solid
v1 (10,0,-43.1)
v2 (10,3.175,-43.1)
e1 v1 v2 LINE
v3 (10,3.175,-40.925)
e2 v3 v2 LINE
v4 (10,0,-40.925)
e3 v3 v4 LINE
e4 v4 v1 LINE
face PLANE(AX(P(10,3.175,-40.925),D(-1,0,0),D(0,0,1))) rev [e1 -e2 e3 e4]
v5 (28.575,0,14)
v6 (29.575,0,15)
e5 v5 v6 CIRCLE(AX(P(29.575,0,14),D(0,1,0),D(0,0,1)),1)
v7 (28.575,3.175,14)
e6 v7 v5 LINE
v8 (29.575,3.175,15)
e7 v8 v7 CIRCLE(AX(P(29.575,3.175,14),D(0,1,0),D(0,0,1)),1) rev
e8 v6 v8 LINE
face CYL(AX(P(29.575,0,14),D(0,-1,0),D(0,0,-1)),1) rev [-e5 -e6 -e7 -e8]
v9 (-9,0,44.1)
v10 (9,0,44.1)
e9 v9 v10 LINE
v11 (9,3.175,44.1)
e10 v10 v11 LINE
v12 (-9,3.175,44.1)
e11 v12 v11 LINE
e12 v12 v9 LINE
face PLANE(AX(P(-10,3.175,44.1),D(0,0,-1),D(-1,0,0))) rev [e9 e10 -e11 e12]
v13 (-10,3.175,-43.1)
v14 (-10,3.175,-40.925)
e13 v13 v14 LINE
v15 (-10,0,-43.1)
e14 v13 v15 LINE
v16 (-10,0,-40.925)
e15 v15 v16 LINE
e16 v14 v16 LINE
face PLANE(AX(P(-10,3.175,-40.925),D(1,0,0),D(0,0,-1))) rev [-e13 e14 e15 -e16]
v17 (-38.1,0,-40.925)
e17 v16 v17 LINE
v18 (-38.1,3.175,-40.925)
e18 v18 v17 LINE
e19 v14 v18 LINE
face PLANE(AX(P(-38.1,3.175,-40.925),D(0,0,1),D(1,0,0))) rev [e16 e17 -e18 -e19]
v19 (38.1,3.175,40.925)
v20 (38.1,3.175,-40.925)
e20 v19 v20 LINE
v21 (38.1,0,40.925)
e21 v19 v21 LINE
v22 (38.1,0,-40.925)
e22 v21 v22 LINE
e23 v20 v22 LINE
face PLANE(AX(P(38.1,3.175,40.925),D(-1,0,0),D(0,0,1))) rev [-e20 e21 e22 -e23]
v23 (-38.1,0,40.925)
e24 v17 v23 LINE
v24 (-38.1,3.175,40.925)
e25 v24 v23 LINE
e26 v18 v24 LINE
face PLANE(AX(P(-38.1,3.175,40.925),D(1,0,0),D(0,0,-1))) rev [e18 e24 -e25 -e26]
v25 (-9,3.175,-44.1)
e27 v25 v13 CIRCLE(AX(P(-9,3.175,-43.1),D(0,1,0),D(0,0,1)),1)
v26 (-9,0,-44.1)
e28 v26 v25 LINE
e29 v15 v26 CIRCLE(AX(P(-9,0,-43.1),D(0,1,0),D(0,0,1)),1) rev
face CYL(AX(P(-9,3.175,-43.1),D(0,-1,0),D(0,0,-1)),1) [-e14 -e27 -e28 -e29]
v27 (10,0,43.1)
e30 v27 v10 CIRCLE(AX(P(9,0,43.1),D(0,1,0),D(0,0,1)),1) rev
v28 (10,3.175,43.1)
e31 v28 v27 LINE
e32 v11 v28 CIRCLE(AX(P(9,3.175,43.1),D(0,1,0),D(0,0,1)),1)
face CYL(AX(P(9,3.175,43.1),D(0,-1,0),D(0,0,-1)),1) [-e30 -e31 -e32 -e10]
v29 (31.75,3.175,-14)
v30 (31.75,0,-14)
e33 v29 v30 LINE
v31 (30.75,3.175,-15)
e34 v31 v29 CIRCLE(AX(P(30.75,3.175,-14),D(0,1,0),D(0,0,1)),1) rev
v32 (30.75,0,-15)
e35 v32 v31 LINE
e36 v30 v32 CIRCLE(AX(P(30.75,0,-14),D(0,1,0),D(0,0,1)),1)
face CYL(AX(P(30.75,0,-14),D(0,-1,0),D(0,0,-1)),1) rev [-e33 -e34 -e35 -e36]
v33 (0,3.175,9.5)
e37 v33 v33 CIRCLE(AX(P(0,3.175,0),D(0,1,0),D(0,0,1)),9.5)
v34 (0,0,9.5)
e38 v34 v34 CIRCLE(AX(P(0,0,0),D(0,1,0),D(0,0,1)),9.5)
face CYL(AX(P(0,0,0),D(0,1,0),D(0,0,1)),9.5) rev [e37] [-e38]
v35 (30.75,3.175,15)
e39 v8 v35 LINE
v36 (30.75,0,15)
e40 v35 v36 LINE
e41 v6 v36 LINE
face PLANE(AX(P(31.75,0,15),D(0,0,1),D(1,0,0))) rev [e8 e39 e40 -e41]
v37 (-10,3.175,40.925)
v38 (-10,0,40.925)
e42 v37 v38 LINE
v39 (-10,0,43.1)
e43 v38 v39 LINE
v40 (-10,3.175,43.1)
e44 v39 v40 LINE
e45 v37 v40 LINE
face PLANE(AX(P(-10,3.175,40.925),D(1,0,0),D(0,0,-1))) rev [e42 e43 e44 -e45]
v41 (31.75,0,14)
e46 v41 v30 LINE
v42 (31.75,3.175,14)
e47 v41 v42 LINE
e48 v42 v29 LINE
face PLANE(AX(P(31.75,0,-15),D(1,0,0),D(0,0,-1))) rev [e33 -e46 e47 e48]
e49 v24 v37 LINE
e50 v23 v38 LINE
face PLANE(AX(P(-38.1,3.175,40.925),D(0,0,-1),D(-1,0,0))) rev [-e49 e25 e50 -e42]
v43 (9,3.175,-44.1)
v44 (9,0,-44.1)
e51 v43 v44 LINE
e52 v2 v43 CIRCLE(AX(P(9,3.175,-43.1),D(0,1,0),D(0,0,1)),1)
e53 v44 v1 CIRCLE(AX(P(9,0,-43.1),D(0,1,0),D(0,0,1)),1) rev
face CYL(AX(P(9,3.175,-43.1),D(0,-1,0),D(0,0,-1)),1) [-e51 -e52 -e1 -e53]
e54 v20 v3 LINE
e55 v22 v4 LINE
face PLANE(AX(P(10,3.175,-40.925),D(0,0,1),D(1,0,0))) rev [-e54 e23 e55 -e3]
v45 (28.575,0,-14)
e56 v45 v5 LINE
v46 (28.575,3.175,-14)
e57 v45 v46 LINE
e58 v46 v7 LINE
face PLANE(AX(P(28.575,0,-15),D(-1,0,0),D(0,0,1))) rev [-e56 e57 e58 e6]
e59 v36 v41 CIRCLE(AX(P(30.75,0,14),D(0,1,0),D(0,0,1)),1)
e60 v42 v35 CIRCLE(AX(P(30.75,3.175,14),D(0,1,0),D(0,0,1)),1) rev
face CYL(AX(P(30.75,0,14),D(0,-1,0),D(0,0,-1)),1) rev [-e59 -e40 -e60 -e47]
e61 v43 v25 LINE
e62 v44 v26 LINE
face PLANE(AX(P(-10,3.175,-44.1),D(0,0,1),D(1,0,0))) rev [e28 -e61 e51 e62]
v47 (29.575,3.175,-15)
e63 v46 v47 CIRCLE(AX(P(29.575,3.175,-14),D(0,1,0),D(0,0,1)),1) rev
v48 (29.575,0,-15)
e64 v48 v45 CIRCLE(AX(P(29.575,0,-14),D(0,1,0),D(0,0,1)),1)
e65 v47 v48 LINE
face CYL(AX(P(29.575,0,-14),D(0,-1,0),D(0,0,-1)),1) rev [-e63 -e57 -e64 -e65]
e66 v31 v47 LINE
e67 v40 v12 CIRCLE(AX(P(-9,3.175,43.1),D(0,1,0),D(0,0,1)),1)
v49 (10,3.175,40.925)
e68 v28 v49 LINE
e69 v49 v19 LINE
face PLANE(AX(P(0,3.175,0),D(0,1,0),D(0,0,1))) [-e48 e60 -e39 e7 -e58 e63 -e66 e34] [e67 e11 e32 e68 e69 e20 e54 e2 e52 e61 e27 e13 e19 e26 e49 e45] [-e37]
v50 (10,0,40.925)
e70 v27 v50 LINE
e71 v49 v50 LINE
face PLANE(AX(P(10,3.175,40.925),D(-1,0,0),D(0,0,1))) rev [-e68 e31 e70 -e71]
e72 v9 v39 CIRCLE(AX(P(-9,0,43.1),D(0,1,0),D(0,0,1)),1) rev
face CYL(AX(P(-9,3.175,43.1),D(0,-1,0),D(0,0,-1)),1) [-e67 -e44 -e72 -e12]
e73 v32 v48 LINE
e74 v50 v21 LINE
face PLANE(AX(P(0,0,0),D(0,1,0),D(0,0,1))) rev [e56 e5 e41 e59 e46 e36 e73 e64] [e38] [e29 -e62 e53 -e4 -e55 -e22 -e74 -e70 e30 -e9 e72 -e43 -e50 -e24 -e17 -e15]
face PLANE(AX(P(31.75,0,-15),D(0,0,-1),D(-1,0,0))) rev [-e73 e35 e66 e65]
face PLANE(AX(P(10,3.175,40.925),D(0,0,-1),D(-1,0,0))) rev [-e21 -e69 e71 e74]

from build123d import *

# Parameters (mm, degrees)
BOSS_EXTRUDE1_DEPTH = 3.175
SKETCH2_R           = 9.5
SKETCH2_W           = 3.175
SKETCH2_H           = 30
CUT_EXTRUDE1_DEPTH  = 4.175
FILLET1_R           = 1


with BuildPart() as part:
    # Sketch1 → Boss-Extrude1 (new body)
    with BuildSketch(Plane(origin=(0, 0, 0), x_dir=(1, 0, 0), z_dir=(0, 1, 0))):
        Polygon((-38.1, -40.925), (-10, -40.925), (-10, -44.1), (10, -44.1), (10, -40.925), (38.1, -40.925), (38.1, 40.925), (10, 40.925), (10, 44.1), (-10, 44.1), (-10, 40.925), (-38.1, 40.925), align=None)
    extrude(amount=BOSS_EXTRUDE1_DEPTH)

    # Sketch2 → Cut-Extrude1 (cut, through all)
    with BuildSketch(Plane(origin=(0, 3.175, 0), x_dir=(1, 0, 0), z_dir=(0, 1, 0))):
        Circle(SKETCH2_R)
        with Locations((30.1625, 0)):
            Rectangle(SKETCH2_W, SKETCH2_H)
    extrude(amount=-CUT_EXTRUDE1_DEPTH, mode=Mode.SUBTRACT)

    # Fillet1
    fillet1_edges = [part.edges().sort_by_distance(p)[0] for p in [
        (10, 1.5875, 44.1),
        (-10, 1.5875, 44.1),
        (-10, 1.5875, -44.1),
        (10, 1.5875, -44.1),
        (28.575, 1.5875, 15),
        (28.575, 1.5875, -15),
        (31.75, 1.5875, -15),
        (31.75, 1.5875, 15),
    ]]
    fillet(fillet1_edges, radius=FILLET1_R)


solid = part.part
